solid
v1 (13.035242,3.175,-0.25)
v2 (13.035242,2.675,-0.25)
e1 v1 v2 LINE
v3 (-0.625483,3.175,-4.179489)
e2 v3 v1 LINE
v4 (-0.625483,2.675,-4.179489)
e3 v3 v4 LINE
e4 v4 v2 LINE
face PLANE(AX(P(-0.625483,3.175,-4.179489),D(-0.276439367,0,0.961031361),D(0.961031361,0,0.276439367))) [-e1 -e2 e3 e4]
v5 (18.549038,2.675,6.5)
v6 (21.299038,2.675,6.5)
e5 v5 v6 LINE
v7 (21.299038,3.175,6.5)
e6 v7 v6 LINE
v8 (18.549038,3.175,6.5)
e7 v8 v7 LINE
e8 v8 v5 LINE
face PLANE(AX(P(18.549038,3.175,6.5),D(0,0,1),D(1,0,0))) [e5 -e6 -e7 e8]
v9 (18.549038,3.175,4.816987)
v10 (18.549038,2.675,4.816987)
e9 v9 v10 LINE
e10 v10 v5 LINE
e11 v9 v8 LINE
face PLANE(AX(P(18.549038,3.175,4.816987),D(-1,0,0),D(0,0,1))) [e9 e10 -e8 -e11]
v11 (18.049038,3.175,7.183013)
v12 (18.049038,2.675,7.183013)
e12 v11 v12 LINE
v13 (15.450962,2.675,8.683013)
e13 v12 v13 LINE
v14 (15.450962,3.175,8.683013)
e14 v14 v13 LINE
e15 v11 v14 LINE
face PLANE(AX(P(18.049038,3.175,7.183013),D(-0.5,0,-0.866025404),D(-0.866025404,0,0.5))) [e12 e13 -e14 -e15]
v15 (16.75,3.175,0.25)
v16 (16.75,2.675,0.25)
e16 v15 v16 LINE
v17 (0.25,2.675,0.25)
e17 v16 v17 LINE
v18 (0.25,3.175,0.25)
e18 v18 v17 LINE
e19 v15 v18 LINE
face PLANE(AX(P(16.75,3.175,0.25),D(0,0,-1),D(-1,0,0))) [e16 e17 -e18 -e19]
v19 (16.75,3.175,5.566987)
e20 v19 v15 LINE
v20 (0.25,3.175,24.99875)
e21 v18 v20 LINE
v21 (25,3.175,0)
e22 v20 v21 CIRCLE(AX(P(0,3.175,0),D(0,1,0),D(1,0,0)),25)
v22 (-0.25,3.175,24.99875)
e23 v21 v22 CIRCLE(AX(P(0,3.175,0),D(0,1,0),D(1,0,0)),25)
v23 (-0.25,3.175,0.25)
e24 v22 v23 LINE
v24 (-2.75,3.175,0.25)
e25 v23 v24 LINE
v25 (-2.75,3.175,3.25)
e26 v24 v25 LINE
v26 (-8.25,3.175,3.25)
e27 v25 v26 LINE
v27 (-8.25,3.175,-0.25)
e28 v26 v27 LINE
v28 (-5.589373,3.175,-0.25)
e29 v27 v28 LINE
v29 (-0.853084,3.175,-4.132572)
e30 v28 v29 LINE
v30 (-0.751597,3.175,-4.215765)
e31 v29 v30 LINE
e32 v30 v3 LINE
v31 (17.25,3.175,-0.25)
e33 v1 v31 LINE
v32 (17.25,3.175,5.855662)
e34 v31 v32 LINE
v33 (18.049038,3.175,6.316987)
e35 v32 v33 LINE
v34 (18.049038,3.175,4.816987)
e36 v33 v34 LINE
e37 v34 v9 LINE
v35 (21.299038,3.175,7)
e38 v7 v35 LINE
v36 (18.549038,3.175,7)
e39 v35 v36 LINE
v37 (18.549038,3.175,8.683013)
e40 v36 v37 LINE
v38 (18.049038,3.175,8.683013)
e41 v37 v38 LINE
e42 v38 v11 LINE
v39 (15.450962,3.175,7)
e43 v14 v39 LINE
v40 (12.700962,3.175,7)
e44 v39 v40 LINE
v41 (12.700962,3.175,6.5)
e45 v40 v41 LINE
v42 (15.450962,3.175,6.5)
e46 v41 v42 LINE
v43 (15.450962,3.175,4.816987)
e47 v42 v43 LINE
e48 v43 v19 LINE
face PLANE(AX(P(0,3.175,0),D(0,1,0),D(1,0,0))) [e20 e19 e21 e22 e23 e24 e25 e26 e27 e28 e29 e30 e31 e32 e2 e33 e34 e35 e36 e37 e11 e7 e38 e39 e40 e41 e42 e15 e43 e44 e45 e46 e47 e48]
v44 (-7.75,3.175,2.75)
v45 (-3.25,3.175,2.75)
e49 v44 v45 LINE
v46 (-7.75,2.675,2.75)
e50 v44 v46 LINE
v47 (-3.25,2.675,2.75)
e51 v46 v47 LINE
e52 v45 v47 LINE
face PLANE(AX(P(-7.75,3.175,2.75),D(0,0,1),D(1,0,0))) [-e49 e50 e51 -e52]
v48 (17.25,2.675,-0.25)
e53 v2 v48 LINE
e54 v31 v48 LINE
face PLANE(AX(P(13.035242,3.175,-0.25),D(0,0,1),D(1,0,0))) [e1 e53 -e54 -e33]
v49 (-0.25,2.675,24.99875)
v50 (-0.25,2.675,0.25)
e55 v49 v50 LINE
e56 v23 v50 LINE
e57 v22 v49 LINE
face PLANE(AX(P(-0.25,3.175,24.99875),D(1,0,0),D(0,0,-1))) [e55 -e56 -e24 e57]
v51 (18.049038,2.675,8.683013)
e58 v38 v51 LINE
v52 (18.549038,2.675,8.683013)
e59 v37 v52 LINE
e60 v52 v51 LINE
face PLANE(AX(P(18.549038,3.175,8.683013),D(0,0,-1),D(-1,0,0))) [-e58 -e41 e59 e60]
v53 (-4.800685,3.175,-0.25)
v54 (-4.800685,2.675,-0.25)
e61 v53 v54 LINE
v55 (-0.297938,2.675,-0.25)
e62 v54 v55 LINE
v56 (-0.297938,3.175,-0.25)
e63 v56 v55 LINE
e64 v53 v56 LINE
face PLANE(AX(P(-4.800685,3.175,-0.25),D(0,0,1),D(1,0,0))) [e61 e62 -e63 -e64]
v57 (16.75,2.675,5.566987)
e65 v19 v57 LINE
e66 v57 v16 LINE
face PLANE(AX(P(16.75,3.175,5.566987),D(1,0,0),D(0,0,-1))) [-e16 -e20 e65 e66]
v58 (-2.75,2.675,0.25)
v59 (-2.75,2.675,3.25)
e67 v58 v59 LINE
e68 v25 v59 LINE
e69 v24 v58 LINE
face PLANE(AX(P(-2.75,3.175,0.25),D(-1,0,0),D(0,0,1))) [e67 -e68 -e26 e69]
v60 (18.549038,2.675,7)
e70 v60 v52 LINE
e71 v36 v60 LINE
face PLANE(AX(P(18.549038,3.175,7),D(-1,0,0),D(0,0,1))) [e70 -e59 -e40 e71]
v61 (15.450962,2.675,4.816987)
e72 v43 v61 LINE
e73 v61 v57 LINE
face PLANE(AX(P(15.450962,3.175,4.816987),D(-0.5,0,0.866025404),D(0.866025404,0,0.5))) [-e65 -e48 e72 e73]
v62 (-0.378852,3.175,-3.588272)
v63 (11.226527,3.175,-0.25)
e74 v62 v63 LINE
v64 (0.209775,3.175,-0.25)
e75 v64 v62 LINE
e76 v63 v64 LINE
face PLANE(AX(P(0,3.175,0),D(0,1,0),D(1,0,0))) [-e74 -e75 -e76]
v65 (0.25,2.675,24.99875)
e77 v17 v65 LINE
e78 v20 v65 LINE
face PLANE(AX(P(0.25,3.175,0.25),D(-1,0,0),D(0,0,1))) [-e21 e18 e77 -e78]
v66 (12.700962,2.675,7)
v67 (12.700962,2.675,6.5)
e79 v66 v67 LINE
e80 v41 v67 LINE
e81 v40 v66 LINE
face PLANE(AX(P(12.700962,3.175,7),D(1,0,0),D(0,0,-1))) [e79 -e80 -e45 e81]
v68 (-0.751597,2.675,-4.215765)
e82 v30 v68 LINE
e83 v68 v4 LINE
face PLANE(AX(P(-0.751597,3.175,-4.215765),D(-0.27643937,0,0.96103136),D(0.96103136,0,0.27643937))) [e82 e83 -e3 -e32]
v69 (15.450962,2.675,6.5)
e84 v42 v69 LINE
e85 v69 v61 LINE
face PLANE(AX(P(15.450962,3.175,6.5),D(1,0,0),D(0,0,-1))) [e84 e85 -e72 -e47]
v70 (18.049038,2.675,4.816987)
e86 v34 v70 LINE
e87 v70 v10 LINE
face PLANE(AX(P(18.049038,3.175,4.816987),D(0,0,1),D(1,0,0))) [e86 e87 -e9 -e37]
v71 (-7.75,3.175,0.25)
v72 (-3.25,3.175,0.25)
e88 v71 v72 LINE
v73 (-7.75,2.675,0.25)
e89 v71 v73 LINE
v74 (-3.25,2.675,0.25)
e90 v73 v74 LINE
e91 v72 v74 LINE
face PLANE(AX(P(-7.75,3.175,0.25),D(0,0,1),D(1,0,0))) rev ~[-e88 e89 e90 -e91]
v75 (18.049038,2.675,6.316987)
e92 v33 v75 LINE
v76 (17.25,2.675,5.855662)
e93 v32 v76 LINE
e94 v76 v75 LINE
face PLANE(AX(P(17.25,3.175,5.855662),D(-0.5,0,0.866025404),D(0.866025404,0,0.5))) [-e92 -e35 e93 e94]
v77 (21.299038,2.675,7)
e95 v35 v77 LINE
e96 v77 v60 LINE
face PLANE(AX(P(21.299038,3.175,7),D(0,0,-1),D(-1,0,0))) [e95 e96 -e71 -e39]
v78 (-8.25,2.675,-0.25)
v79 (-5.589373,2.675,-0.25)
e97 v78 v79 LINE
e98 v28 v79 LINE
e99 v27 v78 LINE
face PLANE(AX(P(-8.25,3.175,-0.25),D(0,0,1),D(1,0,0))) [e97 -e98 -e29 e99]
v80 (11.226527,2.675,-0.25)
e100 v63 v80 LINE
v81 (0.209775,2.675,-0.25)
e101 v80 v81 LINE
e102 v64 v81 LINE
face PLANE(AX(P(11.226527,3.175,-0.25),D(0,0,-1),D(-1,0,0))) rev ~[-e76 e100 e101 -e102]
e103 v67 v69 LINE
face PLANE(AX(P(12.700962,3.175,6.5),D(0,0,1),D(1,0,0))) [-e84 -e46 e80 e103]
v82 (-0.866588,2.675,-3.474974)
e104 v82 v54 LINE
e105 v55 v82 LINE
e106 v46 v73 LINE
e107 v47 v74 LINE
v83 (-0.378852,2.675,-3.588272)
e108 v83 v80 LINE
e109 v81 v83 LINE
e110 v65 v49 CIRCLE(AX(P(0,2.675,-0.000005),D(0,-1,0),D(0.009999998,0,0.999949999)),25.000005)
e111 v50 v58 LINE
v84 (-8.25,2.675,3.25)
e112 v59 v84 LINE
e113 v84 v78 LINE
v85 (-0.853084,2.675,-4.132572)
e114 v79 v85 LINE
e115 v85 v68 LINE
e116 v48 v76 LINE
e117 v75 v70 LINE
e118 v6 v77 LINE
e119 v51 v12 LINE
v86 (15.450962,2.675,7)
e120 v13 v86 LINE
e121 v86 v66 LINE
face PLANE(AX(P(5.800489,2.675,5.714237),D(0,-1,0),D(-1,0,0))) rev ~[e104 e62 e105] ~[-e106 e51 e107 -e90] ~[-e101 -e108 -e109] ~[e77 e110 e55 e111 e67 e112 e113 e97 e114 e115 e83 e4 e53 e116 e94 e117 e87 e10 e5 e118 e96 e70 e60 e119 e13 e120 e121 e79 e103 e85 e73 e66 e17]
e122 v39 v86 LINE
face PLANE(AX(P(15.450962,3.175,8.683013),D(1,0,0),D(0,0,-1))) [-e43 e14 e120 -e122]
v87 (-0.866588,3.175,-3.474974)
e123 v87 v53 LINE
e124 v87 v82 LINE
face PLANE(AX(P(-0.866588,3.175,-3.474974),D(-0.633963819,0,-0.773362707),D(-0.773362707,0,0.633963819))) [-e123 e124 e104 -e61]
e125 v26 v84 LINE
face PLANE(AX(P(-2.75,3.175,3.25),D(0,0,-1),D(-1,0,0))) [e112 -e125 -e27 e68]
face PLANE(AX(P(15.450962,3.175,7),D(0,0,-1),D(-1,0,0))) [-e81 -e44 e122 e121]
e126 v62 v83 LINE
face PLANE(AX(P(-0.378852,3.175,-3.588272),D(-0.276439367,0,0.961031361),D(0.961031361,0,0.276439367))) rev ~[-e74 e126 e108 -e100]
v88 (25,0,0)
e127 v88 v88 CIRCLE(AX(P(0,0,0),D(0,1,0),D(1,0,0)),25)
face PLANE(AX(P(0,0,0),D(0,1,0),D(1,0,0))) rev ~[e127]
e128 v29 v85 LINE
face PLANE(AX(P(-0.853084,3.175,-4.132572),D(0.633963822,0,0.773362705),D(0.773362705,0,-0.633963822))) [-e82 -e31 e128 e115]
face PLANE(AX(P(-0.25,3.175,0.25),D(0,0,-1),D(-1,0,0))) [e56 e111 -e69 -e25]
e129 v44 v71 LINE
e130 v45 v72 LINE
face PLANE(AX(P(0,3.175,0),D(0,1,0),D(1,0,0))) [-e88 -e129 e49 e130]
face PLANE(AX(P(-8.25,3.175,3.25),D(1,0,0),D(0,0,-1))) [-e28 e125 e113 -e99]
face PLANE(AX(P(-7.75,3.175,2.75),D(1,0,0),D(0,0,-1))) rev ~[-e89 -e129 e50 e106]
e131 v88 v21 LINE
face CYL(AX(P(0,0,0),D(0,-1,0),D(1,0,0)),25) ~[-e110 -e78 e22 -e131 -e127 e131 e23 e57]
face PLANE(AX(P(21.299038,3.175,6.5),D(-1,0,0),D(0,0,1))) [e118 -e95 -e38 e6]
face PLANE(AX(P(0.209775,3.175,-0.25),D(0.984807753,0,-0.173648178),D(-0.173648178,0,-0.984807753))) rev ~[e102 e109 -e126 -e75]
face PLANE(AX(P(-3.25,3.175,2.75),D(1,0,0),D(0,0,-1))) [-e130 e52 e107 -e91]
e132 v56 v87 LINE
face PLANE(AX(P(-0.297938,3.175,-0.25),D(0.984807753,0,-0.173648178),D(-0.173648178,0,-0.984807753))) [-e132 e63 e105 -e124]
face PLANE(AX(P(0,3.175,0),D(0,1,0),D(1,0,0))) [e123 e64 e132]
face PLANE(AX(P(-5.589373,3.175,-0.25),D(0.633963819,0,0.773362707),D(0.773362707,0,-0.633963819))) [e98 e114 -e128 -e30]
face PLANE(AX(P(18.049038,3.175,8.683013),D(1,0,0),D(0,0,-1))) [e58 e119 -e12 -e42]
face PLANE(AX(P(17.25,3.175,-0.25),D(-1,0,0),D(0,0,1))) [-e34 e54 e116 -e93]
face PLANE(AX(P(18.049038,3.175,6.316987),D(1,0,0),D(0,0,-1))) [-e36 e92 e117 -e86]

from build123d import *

# Parameters (mm, degrees)
SKETCH1_R           = 25
BOSS_EXTRUDE1_DEPTH = 3.175
SKETCH2_W           = 4.5
SKETCH2_H           = 2.5
CUT_EXTRUDE1_DEPTH  = 0.5


with BuildPart() as part:
    # Sketch1 → Boss-Extrude1 (new body)
    with BuildSketch(Plane(origin=(0, 0, 0), x_dir=(1, 0, 0), z_dir=(0, 1, 0))):
        Circle(SKETCH1_R)
    extrude(amount=BOSS_EXTRUDE1_DEPTH)

    # Sketch2 → Cut-Extrude1 (cut)
    with BuildSketch(Plane(origin=(0, 3.175, 0), x_dir=(1, 0, 0), z_dir=(0, 1, 0))):
        with BuildLine():
            Line((17.25, 0.25), (17.25, -5.855662433))
            Line((17.25, -5.855662433), (18.049038106, -6.316987298))
            Line((18.049038106, -6.316987298), (18.049038106, -5.25))
            Line((18.049038106, -5.25), (18.049038106, -4.816987298))
            Line((18.049038106, -4.816987298), (18.549038106, -4.816987298))
            Line((18.549038106, -4.816987298), (18.549038106, -5.25))
            Line((18.549038106, -5.25), (18.549038106, -6.5))
            Line((18.549038106, -6.5), (21.299038106, -6.5))
            Line((21.299038106, -6.5), (21.299038106, -7))
            Line((21.299038106, -7), (18.549038106, -7))
            Line((18.549038106, -7), (18.549038106, -8.25))
            Line((18.549038106, -8.25), (18.549038106, -8.683012702))
            Line((18.549038106, -8.683012702), (18.049038106, -8.683012702))
            Line((18.049038106, -8.683012702), (18.049038106, -8.25))
            Line((18.049038106, -8.25), (18.049038106, -7.183012702))
            Line((18.049038106, -7.183012702), (15.450961894, -8.683012702))
            Line((15.450961894, -8.683012702), (15.450961894, -7))
            Line((15.450961894, -7), (12.700961894, -7))
            Line((12.700961894, -7), (12.700961894, -6.5))
            Line((12.700961894, -6.5), (15.450961894, -6.5))
            Line((15.450961894, -6.5), (15.450961894, -4.816987298))
            Line((15.450961894, -4.816987298), (16.75, -5.566987298))
            Line((16.75, -5.566987298), (16.75, -0.25))
            Line((16.75, -0.25), (0.25, -0.25))
            Line((0.25, -0.25), (0.25, -24.998749969))
            ThreePointArc((0.25, -24.998749969), (0, -25), (-0.25, -24.998749969))
            Line((-0.25, -24.998749969), (-0.25, -0.25))
            Line((-0.25, -0.25), (-2.75, -0.25))
            Line((-2.75, -0.25), (-2.75, -3.25))
            Line((-2.75, -3.25), (-8.25, -3.25))
            Line((-8.25, -3.25), (-8.25, 0.25))
            Line((-8.25, 0.25), (-5.589373118, 0.25))
            Line((-5.589373118, 0.25), (-0.853083665, 4.132571689))
            Line((-0.853083665, 4.132571689), (-0.751596944, 4.215765395))
            Line((-0.751596944, 4.215765395), (-0.625482869, 4.179488852))
            Line((-0.625482869, 4.179488852), (13.035241579, 0.25))
            Line((13.035241579, 0.25), (17.25, 0.25))
        make_face()
        Polygon((-4.800684576, 0.25), (-0.297938398, 0.25), (-0.866588339, 3.47497407), align=None, mode=Mode.SUBTRACT)
        Polygon((0.209774908, 0.25), (-0.378852437, 3.588271558), (11.226526686, 0.25), align=None, mode=Mode.SUBTRACT)
        with Locations((-5.5, -1.5)):
            Rectangle(SKETCH2_W, SKETCH2_H, mode=Mode.SUBTRACT)
    extrude(amount=-CUT_EXTRUDE1_DEPTH, mode=Mode.SUBTRACT)


solid = part.part
